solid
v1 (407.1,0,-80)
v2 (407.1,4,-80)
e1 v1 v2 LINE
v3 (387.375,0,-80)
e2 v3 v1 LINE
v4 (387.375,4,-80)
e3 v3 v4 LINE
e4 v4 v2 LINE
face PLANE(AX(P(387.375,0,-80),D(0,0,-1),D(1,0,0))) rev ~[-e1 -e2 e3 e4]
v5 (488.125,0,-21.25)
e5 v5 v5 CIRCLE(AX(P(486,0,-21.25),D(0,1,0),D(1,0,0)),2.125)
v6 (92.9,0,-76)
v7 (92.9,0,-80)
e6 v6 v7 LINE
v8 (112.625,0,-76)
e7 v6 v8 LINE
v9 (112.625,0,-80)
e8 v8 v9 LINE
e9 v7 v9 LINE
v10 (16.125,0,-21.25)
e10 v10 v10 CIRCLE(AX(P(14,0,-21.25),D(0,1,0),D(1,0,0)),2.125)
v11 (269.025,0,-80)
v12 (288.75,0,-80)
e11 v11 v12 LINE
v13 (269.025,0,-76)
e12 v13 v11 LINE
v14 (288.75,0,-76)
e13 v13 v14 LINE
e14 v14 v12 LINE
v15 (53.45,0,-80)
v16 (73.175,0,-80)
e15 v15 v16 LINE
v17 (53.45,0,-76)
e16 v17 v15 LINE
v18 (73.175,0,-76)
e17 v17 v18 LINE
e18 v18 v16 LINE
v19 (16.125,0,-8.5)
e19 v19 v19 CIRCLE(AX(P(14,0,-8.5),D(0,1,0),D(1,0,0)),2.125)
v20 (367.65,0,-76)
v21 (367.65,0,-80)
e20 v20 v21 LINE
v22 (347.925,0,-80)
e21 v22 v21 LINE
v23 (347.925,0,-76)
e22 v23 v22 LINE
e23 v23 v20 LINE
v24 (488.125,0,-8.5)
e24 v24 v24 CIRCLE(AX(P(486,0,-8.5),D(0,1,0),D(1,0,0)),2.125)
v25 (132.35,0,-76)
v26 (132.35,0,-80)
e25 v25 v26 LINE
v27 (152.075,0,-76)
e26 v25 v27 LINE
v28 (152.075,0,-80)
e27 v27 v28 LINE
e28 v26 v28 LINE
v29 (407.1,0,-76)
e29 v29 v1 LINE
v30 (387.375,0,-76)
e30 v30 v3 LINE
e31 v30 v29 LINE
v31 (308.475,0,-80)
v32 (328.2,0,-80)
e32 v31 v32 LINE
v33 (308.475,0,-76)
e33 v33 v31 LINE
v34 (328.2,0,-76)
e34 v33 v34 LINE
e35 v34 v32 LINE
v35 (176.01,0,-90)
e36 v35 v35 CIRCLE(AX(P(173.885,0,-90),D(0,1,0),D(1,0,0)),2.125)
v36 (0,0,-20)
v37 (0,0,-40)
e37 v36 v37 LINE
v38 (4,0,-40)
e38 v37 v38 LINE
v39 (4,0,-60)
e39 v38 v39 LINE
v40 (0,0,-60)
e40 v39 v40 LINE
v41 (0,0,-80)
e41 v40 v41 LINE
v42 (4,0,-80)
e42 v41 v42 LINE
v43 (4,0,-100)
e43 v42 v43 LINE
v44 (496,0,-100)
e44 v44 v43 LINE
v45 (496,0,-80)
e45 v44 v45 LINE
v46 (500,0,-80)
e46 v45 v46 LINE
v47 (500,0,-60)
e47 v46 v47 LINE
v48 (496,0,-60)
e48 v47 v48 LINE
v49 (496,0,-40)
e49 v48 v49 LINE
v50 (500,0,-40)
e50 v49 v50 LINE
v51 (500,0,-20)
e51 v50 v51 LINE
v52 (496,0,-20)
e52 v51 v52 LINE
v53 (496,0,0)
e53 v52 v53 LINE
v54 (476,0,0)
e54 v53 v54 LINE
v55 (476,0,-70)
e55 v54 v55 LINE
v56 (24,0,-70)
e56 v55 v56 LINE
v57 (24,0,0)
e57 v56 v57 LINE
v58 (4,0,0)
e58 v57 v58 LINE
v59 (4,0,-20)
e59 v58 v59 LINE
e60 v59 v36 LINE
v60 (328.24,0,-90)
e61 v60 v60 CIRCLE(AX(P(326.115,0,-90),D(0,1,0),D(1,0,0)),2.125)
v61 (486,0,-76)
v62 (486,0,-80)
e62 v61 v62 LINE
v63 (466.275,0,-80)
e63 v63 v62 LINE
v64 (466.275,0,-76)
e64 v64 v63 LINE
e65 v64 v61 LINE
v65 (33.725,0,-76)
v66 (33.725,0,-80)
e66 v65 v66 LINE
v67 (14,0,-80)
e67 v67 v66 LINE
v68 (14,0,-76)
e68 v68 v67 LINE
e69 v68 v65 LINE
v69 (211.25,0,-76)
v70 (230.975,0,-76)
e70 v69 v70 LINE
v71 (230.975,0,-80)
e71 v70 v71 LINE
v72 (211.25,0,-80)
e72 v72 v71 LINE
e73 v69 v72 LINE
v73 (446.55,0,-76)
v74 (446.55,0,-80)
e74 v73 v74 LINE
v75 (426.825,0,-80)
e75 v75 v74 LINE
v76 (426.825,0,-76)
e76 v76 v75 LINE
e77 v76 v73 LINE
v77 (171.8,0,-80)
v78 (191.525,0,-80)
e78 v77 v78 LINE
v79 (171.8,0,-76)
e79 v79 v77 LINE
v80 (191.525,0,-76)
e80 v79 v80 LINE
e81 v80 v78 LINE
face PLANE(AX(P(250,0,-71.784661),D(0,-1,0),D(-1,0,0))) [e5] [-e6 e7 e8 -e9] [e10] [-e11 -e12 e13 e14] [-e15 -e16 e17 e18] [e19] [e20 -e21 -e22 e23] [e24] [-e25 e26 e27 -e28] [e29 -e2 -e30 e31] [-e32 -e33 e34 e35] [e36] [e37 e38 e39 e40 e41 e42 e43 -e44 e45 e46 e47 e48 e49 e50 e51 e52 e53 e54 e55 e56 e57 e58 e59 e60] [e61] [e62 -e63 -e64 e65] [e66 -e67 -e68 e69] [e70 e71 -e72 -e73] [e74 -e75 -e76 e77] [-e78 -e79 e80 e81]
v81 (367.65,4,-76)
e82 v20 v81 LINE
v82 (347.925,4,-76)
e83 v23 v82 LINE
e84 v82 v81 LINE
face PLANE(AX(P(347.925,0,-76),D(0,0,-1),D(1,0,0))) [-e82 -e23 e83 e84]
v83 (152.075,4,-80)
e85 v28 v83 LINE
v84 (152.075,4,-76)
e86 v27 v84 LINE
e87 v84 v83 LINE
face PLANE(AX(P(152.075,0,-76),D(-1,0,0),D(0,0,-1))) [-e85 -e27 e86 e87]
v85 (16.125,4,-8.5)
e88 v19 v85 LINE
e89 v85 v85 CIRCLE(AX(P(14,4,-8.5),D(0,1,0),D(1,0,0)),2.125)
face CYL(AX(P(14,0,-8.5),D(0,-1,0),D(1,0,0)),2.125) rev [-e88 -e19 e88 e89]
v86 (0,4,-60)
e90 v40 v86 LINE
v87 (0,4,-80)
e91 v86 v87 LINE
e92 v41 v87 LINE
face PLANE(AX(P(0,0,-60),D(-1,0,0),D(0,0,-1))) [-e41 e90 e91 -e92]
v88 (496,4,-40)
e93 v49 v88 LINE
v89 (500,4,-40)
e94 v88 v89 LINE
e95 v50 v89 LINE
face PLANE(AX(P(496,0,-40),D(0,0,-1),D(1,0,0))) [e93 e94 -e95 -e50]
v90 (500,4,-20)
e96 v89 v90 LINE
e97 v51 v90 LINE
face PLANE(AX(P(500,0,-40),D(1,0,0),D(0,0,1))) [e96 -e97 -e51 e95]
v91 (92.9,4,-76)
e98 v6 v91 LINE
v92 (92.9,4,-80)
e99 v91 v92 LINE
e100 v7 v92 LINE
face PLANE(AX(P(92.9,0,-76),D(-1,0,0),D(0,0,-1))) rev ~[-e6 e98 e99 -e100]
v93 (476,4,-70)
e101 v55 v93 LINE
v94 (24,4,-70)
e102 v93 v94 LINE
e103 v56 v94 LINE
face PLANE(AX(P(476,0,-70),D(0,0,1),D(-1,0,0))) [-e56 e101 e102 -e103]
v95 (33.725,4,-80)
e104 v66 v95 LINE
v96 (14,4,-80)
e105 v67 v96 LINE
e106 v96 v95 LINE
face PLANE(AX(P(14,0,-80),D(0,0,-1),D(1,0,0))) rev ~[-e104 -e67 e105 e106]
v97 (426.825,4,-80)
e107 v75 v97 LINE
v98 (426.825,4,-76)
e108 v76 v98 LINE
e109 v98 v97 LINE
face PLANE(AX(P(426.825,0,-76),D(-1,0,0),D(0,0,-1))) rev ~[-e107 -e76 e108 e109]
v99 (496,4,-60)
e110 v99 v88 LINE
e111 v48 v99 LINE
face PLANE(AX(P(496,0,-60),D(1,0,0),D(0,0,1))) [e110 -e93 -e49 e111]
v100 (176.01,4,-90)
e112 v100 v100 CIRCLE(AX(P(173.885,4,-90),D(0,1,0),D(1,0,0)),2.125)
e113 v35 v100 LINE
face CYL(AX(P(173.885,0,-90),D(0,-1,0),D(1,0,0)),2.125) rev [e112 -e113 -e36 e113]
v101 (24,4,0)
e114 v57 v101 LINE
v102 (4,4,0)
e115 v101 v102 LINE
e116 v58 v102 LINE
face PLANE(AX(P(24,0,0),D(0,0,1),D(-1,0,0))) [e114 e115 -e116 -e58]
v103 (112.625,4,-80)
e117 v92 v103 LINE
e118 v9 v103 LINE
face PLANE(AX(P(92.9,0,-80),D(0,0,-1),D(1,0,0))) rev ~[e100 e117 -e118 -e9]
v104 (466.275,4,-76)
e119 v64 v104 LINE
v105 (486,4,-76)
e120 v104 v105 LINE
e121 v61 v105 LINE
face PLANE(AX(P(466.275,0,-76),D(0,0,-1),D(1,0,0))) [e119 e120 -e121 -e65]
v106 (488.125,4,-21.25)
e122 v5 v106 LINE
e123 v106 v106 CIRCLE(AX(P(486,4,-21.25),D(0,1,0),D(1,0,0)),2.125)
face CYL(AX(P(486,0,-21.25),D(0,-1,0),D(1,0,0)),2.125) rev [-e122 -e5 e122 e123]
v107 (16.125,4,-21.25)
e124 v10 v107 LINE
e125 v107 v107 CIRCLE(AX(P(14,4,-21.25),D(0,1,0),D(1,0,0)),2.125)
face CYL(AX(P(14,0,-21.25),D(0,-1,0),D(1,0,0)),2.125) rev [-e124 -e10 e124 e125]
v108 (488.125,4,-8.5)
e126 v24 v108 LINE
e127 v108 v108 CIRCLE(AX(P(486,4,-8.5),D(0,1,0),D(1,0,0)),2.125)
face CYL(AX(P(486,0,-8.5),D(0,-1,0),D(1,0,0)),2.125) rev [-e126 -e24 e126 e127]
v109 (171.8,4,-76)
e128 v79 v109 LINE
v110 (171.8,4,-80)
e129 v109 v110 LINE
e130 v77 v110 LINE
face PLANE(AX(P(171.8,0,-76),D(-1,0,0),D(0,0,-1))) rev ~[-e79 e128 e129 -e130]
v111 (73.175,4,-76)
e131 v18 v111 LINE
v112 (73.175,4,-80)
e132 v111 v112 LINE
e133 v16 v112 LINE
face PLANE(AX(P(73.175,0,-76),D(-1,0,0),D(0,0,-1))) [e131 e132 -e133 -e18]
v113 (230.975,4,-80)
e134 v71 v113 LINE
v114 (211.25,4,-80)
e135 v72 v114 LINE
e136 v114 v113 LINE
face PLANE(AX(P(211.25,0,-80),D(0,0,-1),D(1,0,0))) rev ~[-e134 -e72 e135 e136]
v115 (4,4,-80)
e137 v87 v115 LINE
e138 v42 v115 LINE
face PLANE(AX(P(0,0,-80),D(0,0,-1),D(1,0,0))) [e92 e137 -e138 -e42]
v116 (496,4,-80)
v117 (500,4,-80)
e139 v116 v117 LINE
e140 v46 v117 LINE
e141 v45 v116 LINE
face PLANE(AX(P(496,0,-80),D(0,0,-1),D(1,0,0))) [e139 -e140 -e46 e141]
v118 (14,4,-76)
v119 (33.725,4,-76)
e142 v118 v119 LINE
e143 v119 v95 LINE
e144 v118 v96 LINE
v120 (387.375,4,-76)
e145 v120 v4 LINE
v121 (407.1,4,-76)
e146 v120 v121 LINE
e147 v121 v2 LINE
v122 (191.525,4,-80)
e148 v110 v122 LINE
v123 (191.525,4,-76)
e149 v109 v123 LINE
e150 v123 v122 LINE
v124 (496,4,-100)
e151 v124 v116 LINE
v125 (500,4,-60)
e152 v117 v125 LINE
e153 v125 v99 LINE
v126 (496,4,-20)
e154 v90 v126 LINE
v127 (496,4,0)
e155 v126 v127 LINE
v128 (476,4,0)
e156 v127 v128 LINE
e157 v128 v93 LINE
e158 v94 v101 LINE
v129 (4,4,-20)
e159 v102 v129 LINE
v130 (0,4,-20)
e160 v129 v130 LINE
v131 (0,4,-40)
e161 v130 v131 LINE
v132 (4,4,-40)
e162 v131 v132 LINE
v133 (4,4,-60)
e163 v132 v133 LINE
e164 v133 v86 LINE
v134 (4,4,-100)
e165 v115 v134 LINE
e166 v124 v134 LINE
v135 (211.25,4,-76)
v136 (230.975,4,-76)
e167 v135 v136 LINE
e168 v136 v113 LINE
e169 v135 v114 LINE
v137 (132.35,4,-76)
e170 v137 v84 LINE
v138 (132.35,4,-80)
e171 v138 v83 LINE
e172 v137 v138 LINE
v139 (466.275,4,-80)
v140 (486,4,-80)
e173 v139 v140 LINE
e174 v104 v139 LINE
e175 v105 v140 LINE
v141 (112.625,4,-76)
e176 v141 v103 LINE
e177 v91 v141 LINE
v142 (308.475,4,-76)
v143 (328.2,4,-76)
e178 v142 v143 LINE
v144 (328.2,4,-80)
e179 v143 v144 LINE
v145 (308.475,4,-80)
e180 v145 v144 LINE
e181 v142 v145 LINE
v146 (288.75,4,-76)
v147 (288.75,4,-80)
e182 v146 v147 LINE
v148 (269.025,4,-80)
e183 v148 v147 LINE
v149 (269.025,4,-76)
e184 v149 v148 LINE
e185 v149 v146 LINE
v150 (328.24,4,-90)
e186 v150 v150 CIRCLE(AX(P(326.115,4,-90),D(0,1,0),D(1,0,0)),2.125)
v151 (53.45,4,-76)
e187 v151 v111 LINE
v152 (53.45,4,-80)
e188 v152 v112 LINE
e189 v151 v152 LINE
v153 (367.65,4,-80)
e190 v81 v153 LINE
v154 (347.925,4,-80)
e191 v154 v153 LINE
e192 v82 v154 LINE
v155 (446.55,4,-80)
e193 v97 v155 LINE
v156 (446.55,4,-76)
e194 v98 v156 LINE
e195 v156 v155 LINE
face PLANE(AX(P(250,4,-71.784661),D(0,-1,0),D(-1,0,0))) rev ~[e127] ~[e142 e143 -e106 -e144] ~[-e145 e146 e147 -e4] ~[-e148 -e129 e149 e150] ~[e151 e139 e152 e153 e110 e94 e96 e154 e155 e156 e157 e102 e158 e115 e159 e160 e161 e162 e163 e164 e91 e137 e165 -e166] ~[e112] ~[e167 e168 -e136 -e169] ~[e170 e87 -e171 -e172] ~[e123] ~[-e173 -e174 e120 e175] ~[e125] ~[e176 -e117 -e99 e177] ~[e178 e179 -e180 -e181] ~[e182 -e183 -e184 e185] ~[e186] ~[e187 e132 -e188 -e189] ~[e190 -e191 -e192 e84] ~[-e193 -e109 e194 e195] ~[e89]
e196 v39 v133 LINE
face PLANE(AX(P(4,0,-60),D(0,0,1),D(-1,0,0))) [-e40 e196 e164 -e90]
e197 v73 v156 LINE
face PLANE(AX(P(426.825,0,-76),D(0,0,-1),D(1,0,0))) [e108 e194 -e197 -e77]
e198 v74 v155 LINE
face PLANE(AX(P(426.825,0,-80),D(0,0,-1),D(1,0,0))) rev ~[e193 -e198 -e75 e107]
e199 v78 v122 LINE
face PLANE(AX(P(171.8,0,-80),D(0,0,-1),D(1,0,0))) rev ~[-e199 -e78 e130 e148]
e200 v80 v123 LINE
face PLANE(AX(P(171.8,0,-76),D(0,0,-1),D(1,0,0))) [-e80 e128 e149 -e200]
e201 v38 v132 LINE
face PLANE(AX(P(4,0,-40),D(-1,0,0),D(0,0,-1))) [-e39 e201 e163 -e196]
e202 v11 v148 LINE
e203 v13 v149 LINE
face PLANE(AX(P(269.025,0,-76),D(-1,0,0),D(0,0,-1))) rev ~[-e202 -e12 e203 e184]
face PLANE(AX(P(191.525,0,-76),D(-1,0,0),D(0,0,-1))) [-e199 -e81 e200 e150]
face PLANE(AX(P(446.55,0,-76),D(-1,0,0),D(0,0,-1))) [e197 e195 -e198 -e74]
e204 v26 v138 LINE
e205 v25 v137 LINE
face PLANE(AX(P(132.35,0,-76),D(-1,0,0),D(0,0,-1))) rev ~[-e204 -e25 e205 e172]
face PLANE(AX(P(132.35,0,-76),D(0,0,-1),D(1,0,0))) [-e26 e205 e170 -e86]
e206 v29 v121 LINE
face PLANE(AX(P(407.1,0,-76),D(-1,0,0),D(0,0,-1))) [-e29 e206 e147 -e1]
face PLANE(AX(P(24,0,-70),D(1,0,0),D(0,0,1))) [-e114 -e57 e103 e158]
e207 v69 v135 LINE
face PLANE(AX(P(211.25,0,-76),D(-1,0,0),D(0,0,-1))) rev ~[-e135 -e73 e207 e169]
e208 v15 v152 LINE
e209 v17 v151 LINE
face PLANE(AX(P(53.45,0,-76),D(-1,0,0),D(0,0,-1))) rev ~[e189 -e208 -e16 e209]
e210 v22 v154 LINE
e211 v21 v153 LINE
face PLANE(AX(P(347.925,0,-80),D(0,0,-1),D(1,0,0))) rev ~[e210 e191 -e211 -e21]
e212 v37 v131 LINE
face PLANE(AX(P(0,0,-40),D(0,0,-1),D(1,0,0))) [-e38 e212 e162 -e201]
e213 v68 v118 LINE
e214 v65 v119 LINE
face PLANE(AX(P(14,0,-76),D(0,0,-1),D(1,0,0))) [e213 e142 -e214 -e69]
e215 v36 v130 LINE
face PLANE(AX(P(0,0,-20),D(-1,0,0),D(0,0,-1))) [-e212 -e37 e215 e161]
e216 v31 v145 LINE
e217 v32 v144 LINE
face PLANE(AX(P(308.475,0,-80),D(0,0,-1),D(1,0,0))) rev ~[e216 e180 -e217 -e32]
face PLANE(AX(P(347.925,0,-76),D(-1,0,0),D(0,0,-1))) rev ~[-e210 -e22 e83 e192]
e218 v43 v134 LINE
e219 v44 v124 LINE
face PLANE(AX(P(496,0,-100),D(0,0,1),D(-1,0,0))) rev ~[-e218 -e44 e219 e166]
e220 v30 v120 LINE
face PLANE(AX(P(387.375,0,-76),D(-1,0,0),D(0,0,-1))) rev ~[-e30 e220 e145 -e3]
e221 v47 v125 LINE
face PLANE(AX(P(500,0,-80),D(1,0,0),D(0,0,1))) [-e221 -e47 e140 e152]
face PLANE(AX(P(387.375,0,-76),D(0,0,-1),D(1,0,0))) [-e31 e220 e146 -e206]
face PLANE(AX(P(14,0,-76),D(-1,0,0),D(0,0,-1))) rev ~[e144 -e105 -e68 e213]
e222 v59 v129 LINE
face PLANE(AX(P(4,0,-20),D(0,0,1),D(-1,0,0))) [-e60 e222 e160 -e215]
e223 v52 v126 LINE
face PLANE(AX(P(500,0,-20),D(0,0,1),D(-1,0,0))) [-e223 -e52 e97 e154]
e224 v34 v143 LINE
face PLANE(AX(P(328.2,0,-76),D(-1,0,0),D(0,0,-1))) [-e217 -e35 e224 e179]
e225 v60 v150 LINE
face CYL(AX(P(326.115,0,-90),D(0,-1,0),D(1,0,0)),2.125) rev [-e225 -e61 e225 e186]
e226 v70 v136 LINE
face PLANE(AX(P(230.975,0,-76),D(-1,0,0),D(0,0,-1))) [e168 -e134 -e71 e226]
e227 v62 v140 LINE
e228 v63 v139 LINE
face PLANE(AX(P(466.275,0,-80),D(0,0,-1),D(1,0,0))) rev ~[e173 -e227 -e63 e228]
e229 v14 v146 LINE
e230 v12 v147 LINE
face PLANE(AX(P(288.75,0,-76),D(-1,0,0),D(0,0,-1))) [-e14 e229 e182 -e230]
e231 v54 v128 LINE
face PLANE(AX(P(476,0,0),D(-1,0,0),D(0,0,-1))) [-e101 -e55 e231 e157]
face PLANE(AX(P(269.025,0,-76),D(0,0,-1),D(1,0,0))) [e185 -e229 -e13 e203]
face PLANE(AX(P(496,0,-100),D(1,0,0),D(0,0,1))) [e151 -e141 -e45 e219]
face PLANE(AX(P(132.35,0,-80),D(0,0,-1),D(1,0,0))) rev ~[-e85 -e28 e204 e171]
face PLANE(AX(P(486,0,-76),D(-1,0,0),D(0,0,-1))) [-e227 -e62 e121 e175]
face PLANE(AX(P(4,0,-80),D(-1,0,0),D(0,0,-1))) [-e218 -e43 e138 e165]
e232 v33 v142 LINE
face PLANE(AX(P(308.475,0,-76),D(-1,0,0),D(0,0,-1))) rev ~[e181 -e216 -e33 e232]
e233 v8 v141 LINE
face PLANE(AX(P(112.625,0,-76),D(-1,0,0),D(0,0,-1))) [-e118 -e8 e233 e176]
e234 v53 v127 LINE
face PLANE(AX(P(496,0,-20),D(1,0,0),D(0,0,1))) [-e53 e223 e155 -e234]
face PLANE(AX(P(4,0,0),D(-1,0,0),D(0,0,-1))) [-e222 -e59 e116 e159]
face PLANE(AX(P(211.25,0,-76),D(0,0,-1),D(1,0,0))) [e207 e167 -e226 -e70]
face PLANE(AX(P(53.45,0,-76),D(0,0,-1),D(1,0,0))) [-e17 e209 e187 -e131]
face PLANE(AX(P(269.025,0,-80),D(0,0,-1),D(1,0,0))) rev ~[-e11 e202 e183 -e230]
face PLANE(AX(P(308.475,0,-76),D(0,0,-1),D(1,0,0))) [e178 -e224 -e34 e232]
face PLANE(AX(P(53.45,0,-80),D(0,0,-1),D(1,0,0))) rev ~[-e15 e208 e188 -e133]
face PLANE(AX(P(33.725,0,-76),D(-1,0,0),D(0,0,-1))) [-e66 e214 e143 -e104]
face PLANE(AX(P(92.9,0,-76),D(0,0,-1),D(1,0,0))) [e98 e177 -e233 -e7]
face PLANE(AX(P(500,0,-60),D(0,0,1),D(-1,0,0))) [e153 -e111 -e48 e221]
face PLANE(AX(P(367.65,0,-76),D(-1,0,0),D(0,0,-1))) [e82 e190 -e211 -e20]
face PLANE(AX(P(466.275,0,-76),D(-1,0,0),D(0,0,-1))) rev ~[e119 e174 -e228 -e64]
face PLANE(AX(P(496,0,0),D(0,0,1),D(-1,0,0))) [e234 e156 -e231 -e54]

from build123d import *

# Parameters (mm, degrees)
SKETCH1_R           = 2.125
SKETCH1_W           = 19.725
SKETCH1_H           = 4
BOSS_EXTRUDE1_DEPTH = 4


with BuildPart() as part:
    # Sketch1 → Boss-Extrude1 (new body)
    with BuildSketch(Plane(origin=(0, 0, 0), x_dir=(1, 0, 0), z_dir=(0, 1, 0))):
        Polygon((4, 0), (4, 20), (0, 20), (0, 40), (4, 40), (4, 60), (0, 60), (0, 80), (4, 80), (4, 100), (250, 100), (496, 100), (496, 80), (500, 80), (500, 60), (496, 60), (496, 40), (500, 40), (500, 20), (496, 20), (496, 0), (476, 0), (476, 70), (24, 70), (24, 0), align=None)
        with Locations((14, 8.5)):
            Circle(SKETCH1_R, mode=Mode.SUBTRACT)
        with Locations((14, 21.25)):
            Circle(SKETCH1_R, mode=Mode.SUBTRACT)
        with Locations((173.885, 90)):
            Circle(SKETCH1_R, mode=Mode.SUBTRACT)
        with Locations((326.115, 90)):
            Circle(SKETCH1_R, mode=Mode.SUBTRACT)
        with Locations((486, 21.25)):
            Circle(SKETCH1_R, mode=Mode.SUBTRACT)
        with Locations((486, 8.5)):
            Circle(SKETCH1_R, mode=Mode.SUBTRACT)
        with Locations((63.3125, 78)):
            Rectangle(SKETCH1_W, SKETCH1_H, mode=Mode.SUBTRACT)
        with Locations((23.8625, 78)):
            Rectangle(SKETCH1_W, SKETCH1_H, mode=Mode.SUBTRACT)
        with Locations((102.7625, 78)):
            Rectangle(SKETCH1_W, SKETCH1_H, mode=Mode.SUBTRACT)
        with Locations((142.2125, 78)):
            Rectangle(SKETCH1_W, SKETCH1_H, mode=Mode.SUBTRACT)
        with Locations((181.6625, 78)):
            Rectangle(SKETCH1_W, SKETCH1_H, mode=Mode.SUBTRACT)
        with Locations((221.1125, 78)):
            Rectangle(SKETCH1_W, SKETCH1_H, mode=Mode.SUBTRACT)
        with Locations((278.8875, 78)):
            Rectangle(SKETCH1_W, SKETCH1_H, mode=Mode.SUBTRACT)
        with Locations((318.3375, 78)):
            Rectangle(SKETCH1_W, SKETCH1_H, mode=Mode.SUBTRACT)
        with Locations((357.7875, 78)):
            Rectangle(SKETCH1_W, SKETCH1_H, mode=Mode.SUBTRACT)
        with Locations((397.2375, 78)):
            Rectangle(SKETCH1_W, SKETCH1_H, mode=Mode.SUBTRACT)
        with Locations((436.6875, 78)):
            Rectangle(SKETCH1_W, SKETCH1_H, mode=Mode.SUBTRACT)
        with Locations((476.1375, 78)):
            Rectangle(SKETCH1_W, SKETCH1_H, mode=Mode.SUBTRACT)
    extrude(amount=BOSS_EXTRUDE1_DEPTH)


solid = part.part
